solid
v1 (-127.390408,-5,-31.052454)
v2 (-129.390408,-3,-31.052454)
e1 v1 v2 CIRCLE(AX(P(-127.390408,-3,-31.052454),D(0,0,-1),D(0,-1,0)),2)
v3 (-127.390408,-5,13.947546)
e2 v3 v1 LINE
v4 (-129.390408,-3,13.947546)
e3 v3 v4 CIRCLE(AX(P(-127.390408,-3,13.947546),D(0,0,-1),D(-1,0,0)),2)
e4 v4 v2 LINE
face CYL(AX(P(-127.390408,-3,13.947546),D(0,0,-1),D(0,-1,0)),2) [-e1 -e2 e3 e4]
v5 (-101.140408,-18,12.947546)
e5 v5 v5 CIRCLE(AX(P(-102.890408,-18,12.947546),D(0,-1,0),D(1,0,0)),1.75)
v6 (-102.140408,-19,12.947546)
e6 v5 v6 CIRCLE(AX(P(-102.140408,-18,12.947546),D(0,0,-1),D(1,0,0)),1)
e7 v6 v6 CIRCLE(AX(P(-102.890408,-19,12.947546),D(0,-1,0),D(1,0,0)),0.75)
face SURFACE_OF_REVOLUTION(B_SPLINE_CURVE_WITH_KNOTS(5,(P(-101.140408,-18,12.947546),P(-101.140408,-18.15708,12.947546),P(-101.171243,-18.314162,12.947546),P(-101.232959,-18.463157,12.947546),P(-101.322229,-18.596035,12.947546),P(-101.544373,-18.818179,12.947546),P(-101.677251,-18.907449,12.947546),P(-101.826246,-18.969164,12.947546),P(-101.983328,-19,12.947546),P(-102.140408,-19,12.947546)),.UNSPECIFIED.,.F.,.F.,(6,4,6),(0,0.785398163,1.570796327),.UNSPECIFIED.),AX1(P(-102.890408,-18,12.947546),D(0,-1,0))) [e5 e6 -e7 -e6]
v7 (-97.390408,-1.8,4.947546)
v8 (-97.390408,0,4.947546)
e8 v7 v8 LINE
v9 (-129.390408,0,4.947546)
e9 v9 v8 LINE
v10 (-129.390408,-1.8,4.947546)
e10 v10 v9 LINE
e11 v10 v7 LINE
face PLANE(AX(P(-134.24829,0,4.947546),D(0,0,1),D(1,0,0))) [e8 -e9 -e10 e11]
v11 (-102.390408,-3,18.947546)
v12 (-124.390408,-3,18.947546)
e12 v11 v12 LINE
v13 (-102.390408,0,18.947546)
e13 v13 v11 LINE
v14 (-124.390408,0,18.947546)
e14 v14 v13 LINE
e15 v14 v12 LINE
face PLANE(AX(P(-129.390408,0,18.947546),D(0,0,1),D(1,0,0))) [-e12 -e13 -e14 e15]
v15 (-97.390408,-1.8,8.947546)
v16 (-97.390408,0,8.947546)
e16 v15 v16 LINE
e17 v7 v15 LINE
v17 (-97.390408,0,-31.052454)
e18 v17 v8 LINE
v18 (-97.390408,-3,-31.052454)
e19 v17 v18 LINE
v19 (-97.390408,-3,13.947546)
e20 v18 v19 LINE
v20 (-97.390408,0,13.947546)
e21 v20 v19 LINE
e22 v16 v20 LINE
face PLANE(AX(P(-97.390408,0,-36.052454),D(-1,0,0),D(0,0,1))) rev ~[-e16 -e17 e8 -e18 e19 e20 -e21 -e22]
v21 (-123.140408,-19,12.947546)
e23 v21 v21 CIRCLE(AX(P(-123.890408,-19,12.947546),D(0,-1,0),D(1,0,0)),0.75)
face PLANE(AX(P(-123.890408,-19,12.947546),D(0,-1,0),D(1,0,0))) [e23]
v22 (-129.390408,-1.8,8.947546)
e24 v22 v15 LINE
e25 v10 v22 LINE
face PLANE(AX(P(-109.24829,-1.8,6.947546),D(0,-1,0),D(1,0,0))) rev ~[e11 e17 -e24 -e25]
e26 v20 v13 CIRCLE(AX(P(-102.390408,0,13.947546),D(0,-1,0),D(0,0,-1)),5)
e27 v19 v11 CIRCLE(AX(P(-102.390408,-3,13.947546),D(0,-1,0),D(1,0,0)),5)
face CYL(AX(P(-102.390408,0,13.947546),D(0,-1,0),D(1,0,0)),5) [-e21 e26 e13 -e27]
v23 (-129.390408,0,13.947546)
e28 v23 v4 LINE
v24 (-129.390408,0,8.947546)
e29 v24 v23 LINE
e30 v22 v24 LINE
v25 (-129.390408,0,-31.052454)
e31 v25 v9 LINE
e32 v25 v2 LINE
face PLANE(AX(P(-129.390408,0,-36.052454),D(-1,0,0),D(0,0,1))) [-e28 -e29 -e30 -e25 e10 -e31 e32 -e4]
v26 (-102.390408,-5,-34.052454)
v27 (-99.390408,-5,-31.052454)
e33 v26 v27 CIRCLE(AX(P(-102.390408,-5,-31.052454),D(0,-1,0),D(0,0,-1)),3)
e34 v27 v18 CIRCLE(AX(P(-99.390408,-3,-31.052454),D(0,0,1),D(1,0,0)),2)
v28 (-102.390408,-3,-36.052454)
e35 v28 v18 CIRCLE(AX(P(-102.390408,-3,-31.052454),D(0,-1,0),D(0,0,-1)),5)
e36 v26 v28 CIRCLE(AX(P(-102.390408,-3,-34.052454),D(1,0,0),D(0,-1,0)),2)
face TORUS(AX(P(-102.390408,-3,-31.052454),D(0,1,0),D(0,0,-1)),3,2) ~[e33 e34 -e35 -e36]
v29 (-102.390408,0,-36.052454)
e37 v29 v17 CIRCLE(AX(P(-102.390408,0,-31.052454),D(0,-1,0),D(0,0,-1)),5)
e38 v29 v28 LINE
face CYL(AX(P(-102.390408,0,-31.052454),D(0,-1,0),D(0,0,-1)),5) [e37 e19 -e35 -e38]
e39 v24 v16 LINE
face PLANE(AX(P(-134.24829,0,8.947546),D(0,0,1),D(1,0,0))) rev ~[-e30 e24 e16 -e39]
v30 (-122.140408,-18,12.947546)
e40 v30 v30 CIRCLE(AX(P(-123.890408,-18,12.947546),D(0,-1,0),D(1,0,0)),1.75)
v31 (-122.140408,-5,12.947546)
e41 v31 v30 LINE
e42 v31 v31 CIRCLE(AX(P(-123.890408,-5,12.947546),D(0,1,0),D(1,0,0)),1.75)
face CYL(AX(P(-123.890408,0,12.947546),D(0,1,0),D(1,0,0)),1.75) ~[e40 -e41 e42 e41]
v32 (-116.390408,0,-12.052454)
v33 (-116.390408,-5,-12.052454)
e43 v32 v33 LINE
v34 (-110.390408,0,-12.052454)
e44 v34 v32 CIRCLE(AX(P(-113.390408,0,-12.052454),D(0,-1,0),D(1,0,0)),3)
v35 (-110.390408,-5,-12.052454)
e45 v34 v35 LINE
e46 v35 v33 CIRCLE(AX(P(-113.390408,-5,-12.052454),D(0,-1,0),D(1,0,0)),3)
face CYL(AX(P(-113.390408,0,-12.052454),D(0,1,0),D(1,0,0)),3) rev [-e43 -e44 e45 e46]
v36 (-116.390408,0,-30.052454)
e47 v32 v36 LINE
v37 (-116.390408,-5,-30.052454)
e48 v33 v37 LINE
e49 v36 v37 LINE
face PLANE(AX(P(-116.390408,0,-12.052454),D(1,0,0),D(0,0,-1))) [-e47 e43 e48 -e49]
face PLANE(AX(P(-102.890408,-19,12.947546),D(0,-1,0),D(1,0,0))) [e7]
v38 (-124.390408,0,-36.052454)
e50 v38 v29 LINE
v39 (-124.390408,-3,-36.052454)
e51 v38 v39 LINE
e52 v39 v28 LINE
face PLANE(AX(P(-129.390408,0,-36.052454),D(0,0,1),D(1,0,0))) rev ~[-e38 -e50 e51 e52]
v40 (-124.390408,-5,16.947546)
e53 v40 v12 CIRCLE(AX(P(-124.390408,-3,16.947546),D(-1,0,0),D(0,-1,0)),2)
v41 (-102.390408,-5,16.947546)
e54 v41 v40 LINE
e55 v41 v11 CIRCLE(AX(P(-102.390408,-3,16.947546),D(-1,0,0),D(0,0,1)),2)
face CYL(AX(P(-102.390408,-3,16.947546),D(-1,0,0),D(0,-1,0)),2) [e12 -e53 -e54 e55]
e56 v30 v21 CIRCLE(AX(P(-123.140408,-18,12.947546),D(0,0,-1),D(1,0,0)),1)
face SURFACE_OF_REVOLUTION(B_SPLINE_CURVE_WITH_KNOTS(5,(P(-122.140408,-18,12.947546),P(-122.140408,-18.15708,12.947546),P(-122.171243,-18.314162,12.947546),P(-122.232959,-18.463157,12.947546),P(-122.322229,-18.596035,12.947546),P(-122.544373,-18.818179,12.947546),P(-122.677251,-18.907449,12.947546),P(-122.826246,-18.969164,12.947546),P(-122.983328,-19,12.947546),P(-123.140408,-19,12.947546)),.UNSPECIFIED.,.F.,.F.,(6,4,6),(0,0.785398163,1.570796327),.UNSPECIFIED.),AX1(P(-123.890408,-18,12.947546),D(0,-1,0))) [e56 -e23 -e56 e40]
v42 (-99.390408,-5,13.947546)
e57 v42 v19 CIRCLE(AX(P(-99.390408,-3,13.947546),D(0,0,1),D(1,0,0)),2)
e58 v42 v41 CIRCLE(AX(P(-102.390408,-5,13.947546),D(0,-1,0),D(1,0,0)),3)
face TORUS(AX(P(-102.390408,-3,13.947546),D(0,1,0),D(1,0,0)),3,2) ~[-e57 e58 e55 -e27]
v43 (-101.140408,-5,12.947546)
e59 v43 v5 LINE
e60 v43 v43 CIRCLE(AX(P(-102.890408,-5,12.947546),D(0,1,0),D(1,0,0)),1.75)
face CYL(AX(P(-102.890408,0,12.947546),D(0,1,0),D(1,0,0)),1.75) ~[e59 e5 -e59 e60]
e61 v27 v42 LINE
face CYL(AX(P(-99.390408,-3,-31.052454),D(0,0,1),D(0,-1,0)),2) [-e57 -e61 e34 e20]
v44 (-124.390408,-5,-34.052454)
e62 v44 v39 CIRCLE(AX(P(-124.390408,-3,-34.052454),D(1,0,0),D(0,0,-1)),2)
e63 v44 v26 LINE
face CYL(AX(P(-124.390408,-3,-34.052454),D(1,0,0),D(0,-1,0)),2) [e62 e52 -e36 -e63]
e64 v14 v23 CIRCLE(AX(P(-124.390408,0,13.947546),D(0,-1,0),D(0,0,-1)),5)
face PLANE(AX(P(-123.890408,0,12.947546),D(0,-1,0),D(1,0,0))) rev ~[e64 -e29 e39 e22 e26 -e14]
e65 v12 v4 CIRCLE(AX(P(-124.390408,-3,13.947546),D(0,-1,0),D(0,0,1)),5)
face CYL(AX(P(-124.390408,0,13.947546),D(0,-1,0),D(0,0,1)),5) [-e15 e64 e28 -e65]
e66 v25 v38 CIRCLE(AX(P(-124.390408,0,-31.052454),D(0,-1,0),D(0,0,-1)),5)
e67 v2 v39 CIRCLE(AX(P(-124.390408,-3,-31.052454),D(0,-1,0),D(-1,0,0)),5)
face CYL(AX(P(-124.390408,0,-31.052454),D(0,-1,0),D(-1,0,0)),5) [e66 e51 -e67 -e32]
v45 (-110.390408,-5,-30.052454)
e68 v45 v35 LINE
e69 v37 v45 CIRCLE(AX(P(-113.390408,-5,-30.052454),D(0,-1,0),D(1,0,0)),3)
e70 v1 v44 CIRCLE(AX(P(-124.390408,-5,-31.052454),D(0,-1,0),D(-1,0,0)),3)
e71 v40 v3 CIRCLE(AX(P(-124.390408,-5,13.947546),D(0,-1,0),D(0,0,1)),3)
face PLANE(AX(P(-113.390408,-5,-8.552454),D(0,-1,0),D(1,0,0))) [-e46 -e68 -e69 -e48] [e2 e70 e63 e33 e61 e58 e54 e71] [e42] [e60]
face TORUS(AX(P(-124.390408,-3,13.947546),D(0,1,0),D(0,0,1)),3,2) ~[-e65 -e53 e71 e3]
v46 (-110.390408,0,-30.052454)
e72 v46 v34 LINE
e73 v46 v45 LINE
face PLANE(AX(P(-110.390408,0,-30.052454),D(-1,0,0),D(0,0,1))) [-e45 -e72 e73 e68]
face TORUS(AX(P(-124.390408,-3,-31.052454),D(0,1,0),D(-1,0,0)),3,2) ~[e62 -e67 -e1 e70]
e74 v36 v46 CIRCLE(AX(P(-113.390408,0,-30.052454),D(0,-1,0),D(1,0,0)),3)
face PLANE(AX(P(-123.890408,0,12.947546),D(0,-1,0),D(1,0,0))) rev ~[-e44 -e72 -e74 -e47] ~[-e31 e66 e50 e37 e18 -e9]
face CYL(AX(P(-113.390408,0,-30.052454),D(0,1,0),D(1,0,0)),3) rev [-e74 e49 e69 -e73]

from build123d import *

# Parameters (mm, degrees)
F0_W     = 32
F0_H     = 55
F3_DEPTH = 5
F1_R     = 1.75
F4_DEPTH = 19
F5_DEPTH = 5
F6_W     = 50
F6_H     = 4
F7_DEPTH = 1.8
F8_R     = 5
F9_R     = 5
F10_R    = 5
F11_R    = 5
F12_R    = 2
F13_R    = 1


with BuildPart() as f3:
    # F0 (on Front) → F3 (new body)
    with BuildSketch(Plane.XZ):
        with Locations((-113.3904078007, -8.5524536016)):
            Rectangle(F0_W, F0_H)
    extrude(amount=F3_DEPTH)

    # F1 (on face) → F4 (join)
    with BuildSketch(Plane.XZ):
        with Locations((-123.8904078007, 12.9475463984)):
            Circle(F1_R)
        with Locations((-102.8904078007, 12.9475463984)):
            Circle(F1_R)
    extrude(amount=F4_DEPTH)

    # F2 (on face) → F5 (cut)
    with BuildSketch(Plane.XZ):
        with BuildLine():
            ThreePointArc((-116.3904078007, -12.0524536016), (-113.3904078007, -15.0524536016), (-110.3904078007, -12.0524536016))
            ThreePointArc((-110.3904078007, -12.0524536016), (-113.3904078007, -9.0524536016), (-116.3904078007, -12.0524536016))
        make_face()
        with BuildLine():
            Line((-110.3904078007, -30.0524536016), (-110.3904078007, -12.0524536016))
            ThreePointArc((-110.3904078007, -12.0524536016), (-113.3904078007, -15.0524536016), (-116.3904078007, -12.0524536016))
            Line((-116.3904078007, -12.0524536016), (-116.3904078007, -30.0524536016))
            ThreePointArc((-116.3904078007, -30.0524536016), (-113.3904078007, -27.0524536016), (-110.3904078007, -30.0524536016))
        make_face()
        with BuildLine():
            ThreePointArc((-116.3904078007, -30.0524536016), (-113.3904078007, -33.0524536016), (-110.3904078007, -30.0524536016))
            ThreePointArc((-110.3904078007, -30.0524536016), (-113.3904078007, -27.0524536016), (-116.3904078007, -30.0524536016))
        make_face()
    extrude(amount=F5_DEPTH, mode=Mode.SUBTRACT)

    # F6 (on Front) → F7 (cut)
    with BuildSketch(Plane.XZ):
        with Locations((-109.2482896921, 6.9475463984)):
            Rectangle(F6_W, F6_H)
    extrude(amount=F7_DEPTH, mode=Mode.SUBTRACT)

    # F8
    f8_edges = [f3.edges().sort_by_distance(p)[0] for p in [
        (-97.390408, -2.5, 18.947546),
    ]]
    fillet(f8_edges, radius=F8_R)

    # F9
    f9_edges = [f3.edges().sort_by_distance(p)[0] for p in [
        (-129.390408, -2.5, 18.947546),
    ]]
    fillet(f9_edges, radius=F9_R)

    # F10
    f10_edges = [f3.edges().sort_by_distance(p)[0] for p in [
        (-129.390408, -2.5, -36.052454),
    ]]
    fillet(f10_edges, radius=F10_R)

    # F11
    f11_edges = [f3.edges().sort_by_distance(p)[0] for p in [
        (-97.390408, -2.5, -36.052454),
    ]]
    fillet(f11_edges, radius=F11_R)

    # F12
    f12_edges = [f3.edges().sort_by_distance(p)[0] for p in [
        (-98.854874, -5, 17.48308),
        (-113.390408, -5, 18.947546),
        (-127.925942, -5, 17.48308),
        (-129.390408, -5, -8.552454),
        (-127.925942, -5, -34.587988),
        (-113.390408, -5, -36.052454),
        (-97.390408, -5, -8.552454),
    ]]
    fillet(f12_edges, radius=F12_R)

    # F13
    f13_edges = [f3.edges().sort_by_distance(p)[0] for p in [
        (-125.640408, -19, 12.947546),
        (-104.640408, -19, 12.947546),
    ]]
    fillet(f13_edges, radius=F13_R)


solid = f3.part
